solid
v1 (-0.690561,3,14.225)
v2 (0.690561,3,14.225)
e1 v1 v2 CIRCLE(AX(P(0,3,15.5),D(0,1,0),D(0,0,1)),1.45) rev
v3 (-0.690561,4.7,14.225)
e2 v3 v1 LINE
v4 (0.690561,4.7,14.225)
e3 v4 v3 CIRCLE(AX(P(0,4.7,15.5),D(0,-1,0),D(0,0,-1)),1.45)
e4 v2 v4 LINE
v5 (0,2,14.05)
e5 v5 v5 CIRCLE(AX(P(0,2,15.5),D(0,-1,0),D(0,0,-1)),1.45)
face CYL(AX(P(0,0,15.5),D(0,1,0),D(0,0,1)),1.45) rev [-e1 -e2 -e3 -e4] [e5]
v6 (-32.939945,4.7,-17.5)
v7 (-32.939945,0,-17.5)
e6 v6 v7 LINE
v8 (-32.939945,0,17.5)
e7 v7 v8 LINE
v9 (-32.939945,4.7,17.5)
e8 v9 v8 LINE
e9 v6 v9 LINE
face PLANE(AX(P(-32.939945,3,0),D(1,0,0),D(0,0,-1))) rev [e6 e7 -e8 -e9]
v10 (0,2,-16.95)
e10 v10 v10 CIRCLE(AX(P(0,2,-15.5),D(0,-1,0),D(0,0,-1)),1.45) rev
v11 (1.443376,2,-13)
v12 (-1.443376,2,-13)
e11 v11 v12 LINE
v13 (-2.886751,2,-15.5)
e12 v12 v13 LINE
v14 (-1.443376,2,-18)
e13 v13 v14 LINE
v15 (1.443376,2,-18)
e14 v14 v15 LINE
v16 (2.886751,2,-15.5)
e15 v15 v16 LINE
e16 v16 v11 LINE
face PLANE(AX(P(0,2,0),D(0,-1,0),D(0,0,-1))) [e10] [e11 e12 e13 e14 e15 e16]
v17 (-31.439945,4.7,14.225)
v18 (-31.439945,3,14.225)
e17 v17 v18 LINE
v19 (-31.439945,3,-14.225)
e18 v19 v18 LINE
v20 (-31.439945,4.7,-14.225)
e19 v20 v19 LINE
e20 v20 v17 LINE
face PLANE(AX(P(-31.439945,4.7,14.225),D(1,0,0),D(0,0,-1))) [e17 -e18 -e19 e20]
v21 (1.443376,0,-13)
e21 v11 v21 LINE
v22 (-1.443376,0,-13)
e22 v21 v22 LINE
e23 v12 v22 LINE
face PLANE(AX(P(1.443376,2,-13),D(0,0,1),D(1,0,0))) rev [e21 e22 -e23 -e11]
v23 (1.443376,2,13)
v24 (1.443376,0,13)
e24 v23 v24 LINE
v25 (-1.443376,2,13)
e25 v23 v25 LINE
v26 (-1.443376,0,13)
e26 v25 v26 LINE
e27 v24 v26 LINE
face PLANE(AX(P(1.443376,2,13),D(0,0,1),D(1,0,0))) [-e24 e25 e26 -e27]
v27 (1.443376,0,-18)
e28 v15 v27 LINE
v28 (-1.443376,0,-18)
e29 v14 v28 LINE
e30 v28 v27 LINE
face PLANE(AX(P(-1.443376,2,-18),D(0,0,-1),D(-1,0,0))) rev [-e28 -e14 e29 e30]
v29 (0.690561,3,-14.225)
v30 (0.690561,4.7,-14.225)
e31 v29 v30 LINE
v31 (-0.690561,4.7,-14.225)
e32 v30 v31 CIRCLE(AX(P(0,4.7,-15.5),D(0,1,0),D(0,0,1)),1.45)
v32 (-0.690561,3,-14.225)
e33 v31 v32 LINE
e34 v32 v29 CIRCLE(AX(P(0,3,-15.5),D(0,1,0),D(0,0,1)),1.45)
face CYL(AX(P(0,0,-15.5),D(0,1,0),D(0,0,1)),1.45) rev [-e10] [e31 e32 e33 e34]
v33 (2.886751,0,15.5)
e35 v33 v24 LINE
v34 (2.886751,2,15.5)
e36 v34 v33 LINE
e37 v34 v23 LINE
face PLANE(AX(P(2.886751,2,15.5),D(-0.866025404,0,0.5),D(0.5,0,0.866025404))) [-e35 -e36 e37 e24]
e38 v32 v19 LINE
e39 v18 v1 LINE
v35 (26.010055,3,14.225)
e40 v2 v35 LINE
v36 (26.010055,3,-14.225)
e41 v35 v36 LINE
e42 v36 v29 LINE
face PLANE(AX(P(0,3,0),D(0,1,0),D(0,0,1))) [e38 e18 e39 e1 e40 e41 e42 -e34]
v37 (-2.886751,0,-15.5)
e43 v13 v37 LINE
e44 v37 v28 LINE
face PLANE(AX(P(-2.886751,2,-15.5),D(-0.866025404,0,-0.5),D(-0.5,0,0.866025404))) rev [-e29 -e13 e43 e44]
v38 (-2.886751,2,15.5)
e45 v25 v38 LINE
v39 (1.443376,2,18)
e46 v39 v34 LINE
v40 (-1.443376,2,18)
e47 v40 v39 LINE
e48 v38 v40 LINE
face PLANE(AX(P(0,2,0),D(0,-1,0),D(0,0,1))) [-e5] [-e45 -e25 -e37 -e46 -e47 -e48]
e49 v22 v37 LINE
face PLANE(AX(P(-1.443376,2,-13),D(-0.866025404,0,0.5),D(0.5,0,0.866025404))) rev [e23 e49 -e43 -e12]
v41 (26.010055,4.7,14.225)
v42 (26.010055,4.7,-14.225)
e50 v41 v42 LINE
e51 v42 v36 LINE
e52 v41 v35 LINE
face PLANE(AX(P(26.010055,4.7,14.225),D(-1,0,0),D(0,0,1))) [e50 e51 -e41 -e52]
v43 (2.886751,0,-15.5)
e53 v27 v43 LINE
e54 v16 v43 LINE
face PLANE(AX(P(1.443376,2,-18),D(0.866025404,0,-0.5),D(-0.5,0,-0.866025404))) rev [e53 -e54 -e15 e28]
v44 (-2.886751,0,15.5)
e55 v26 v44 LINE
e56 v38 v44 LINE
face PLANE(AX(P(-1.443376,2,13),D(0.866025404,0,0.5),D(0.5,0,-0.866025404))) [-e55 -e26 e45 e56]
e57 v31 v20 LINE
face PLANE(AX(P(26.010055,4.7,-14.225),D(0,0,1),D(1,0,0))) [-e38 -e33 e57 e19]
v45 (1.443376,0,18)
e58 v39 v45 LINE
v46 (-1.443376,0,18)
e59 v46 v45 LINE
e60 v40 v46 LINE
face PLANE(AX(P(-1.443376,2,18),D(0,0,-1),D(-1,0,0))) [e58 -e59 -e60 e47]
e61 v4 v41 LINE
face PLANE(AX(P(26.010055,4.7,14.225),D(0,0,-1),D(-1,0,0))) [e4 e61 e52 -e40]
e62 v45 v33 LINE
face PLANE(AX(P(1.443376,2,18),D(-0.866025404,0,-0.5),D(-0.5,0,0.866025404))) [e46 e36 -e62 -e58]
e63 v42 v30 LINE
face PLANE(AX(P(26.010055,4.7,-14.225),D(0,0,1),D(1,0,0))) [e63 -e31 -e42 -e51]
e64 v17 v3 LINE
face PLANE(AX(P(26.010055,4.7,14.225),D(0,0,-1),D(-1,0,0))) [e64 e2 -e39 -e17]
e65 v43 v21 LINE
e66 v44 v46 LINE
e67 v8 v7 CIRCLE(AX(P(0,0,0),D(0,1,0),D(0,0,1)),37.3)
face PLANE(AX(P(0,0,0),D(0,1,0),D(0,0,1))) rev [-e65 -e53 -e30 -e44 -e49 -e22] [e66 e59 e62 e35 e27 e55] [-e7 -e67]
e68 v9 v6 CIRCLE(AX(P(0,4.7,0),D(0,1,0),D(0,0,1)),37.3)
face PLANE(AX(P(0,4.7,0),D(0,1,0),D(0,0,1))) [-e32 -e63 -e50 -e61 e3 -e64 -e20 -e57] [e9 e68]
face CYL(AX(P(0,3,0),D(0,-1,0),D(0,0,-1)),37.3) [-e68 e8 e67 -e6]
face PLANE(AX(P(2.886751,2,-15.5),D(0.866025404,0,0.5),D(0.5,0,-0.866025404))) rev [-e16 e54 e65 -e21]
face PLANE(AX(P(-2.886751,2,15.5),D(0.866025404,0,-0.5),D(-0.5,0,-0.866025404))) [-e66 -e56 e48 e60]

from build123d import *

# Parameters (mm, degrees)
BOSS_EXTRUDE1_DEPTH = 3
SKETCH2_W           = 57.45
SKETCH2_H           = 28.45
BOSS_EXTRUDE2_DEPTH = 1.7
SKETCH3_R           = 1.45
CUT_EXTRUDE1_DEPTH  = 5.7
CUT_EXTRUDE2_DEPTH  = 2


with BuildPart() as part:
    # Sketch1 → Boss-Extrude1 (new body)
    with BuildSketch(Plane(origin=(0, 0, 0), x_dir=(1, 0, 0), z_dir=(0, 1, 0))):
        with BuildLine():
            Line((-32.939945355, 17.5), (-32.939945355, -17.5))
            ThreePointArc((-32.939945355, -17.5), (37.3, 0), (-32.939945355, 17.5))
        make_face()
    extrude(amount=BOSS_EXTRUDE1_DEPTH)

    # Sketch2 → Boss-Extrude2 (add)
    with BuildSketch(Plane(origin=(0, 3, 0), x_dir=(1, 0, 0), z_dir=(0, 1, 0))):
        with BuildLine():
            Line((-32.939945355, 17.5), (-32.939945355, -17.5))
            ThreePointArc((-32.939945355, -17.5), (37.3, 0), (-32.939945355, 17.5))
        make_face()
        with Locations((-2.714945355, 0)):
            Rectangle(SKETCH2_W, SKETCH2_H, mode=Mode.SUBTRACT)
    extrude(amount=BOSS_EXTRUDE2_DEPTH)

    # Sketch3 → Cut-Extrude1 (cut, through all)
    with BuildSketch(Plane(origin=(0, 4.7, 0), x_dir=(1, 0, 0), z_dir=(0, 1, 0))):
        with Locations((0, 15.5)):
            Circle(SKETCH3_R)
    cut_extrude1 = extrude(amount=-CUT_EXTRUDE1_DEPTH, mode=Mode.SUBTRACT)

    # Sketch4 → Cut-Extrude2 (cut)
    with BuildSketch(Plane.XZ):
        Polygon((2.886751346, -15.5), (1.443375673, -13), (-1.443375673, -13), (-2.886751346, -15.5), (-1.443375673, -18), (1.443375673, -18), align=None)
    cut_extrude2 = extrude(amount=-CUT_EXTRUDE2_DEPTH, mode=Mode.SUBTRACT)

    # Mirror2: Cut-Extrude1, Cut-Extrude2 across plane
    add(cut_extrude1.mirror(Plane.XY), mode=Mode.SUBTRACT)
    add(cut_extrude2.mirror(Plane.XY), mode=Mode.SUBTRACT)


solid = part.part
